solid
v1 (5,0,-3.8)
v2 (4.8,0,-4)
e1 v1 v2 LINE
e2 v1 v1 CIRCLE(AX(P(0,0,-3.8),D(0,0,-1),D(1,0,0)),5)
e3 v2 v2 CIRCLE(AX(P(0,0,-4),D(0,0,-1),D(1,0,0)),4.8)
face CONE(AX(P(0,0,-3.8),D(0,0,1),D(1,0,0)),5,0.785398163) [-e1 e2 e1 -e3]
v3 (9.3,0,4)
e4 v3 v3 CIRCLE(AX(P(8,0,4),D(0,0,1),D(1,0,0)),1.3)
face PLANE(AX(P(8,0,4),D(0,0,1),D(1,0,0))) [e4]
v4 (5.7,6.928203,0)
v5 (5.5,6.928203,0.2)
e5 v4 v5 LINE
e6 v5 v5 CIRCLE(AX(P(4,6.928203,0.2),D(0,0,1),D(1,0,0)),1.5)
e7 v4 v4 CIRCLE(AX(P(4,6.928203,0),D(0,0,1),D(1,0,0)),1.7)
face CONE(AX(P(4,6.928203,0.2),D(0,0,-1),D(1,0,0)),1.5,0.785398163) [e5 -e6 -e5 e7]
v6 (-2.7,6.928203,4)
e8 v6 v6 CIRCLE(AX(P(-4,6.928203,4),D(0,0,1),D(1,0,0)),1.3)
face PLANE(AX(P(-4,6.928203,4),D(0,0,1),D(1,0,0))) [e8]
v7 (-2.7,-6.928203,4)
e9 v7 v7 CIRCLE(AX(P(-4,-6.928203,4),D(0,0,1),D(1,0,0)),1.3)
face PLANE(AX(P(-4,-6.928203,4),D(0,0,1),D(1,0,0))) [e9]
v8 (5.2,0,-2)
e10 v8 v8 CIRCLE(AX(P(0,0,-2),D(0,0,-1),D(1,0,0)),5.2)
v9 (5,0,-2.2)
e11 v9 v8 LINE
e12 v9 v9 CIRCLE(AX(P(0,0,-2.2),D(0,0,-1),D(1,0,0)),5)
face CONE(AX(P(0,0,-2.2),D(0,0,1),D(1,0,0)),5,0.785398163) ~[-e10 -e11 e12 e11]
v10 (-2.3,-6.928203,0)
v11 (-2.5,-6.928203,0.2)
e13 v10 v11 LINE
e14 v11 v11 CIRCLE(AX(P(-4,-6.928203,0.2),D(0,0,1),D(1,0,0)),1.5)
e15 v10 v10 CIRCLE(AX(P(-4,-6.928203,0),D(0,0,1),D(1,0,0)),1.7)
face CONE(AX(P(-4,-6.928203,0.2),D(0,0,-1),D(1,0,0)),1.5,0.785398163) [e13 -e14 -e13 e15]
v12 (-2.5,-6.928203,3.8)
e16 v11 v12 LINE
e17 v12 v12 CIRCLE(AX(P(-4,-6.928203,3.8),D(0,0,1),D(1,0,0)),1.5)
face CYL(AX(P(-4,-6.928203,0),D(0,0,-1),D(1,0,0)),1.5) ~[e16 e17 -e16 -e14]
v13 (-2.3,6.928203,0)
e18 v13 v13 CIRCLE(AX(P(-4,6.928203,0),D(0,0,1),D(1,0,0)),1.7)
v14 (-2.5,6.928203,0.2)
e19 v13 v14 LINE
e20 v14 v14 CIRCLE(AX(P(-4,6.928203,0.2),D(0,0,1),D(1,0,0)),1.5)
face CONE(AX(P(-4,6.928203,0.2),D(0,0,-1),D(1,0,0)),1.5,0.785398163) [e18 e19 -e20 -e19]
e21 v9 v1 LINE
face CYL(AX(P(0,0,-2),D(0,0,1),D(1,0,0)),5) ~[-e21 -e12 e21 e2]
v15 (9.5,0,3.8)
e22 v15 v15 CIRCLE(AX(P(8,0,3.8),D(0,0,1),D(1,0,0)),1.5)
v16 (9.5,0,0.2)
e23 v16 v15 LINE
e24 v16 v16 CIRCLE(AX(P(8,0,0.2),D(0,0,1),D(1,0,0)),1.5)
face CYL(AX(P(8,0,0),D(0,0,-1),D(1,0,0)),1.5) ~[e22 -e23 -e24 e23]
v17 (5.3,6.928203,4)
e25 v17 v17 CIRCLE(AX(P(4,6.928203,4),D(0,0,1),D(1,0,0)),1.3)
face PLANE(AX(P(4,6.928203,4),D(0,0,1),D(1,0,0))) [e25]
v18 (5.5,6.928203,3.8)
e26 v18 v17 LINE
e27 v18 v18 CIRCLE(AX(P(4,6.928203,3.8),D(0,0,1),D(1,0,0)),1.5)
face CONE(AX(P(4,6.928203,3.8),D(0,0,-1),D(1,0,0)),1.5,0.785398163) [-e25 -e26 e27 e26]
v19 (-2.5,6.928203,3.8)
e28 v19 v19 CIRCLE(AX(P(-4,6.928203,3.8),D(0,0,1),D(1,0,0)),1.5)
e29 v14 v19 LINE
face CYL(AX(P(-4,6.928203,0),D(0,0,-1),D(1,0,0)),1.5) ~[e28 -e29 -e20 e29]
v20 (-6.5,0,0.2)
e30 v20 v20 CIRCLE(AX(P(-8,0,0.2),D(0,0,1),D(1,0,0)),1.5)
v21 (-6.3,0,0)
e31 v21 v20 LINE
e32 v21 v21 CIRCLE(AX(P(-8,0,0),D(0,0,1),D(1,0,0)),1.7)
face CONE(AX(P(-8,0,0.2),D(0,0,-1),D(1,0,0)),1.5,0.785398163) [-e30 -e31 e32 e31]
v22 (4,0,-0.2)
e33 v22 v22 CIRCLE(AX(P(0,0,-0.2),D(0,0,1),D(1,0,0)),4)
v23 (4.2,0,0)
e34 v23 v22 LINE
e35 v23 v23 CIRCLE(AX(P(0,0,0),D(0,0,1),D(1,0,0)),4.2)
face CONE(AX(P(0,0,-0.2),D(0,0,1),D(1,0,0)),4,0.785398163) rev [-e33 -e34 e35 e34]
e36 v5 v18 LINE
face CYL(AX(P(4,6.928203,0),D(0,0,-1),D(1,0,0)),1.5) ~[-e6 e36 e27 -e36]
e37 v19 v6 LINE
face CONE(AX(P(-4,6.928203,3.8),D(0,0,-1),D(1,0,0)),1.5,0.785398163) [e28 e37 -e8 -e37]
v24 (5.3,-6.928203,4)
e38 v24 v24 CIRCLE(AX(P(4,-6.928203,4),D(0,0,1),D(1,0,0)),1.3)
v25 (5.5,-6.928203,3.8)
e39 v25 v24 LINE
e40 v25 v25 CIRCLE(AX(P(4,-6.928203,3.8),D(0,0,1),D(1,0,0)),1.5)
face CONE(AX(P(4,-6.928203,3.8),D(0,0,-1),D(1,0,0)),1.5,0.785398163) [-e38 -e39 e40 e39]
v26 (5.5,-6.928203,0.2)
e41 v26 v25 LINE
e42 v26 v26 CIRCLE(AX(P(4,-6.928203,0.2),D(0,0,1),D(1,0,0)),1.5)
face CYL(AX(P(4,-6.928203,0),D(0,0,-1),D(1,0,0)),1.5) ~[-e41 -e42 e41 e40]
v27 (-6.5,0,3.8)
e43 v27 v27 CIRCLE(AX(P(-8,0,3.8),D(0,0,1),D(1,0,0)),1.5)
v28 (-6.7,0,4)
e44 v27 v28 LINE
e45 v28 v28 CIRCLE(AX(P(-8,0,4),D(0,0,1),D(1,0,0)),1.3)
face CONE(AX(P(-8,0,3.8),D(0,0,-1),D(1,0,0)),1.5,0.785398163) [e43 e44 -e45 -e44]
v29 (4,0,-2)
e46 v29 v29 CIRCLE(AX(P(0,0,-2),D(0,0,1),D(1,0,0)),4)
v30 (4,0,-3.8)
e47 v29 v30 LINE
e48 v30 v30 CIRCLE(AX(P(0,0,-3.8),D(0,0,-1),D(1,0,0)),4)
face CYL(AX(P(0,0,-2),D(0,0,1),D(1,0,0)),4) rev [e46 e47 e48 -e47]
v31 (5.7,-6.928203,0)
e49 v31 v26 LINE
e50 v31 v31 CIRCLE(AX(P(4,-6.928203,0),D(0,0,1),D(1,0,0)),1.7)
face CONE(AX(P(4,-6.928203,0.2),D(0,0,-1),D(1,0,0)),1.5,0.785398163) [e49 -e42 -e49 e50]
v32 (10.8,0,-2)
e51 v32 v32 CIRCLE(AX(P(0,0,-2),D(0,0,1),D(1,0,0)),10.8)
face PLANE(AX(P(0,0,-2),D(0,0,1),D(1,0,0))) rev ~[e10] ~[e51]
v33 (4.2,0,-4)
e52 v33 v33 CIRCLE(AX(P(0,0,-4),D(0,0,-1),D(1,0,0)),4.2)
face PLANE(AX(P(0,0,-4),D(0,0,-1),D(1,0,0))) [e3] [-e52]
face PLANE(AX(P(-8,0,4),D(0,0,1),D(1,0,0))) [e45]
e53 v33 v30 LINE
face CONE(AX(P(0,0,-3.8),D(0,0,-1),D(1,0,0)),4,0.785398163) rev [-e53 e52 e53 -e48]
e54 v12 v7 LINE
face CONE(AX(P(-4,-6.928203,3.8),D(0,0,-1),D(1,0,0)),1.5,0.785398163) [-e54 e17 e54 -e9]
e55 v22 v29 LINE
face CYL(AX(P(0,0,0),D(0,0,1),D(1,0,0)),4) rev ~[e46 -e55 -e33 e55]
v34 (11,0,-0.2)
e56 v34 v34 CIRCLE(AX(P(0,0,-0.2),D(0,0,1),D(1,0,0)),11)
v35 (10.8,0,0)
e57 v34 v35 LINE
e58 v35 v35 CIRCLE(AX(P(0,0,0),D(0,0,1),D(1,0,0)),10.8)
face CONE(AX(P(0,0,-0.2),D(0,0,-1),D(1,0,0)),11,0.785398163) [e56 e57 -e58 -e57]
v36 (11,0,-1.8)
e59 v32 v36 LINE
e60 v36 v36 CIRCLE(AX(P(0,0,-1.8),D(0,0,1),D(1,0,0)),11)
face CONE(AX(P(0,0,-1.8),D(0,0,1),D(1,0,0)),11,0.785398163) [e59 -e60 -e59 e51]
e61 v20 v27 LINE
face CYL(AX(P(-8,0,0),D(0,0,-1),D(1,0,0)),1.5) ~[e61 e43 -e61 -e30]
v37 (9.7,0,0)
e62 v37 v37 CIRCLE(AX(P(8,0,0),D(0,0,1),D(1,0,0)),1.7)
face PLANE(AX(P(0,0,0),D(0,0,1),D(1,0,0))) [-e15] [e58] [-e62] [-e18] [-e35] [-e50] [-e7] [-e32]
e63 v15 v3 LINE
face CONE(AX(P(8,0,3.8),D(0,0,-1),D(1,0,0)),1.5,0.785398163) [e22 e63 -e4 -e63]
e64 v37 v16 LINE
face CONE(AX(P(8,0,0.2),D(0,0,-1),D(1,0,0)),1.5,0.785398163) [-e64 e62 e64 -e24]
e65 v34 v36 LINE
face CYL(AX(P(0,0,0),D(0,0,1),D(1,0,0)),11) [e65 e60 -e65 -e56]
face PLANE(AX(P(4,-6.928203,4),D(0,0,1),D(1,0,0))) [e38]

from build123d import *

# Parameters (mm, degrees)
F0_R     = 1.5
F1_DEPTH = 4
F0_R_2   = 11
F0_R_3   = 4
F2_DEPTH = 2
F3_R     = 5
F3_R_2   = 4
F4_DEPTH = 2
F5_SIZE  = 0.2


with BuildPart() as f1:
    # F0 (on Top) → F1 (new body)
    with BuildSketch(Plane.XY):
        with Locations((-8, 0)):
            Circle(F0_R)
    extrude(amount=F1_DEPTH)



with BuildPart() as f1b:
    # F0 (on Top) → F1, piece 2 (new body)
    with BuildSketch(Plane.XY):
        with Locations((-4, 6.9282032303)):
            Circle(F0_R)
    extrude(amount=F1_DEPTH)


with BuildPart() as f1c:
    # F0 (on Top) → F1, piece 3 (new body)
    with BuildSketch(Plane.XY):
        with Locations((4, 6.9282032303)):
            Circle(F0_R)
    extrude(amount=F1_DEPTH)


with BuildPart() as f1d:
    # F0 (on Top) → F1, piece 4 (new body)
    with BuildSketch(Plane.XY):
        with Locations((8, 0)):
            Circle(F0_R)
    extrude(amount=F1_DEPTH)


with BuildPart() as f1e:
    # F0 (on Top) → F1, piece 5 (new body)
    with BuildSketch(Plane.XY):
        with Locations((4, -6.9282032303)):
            Circle(F0_R)
    extrude(amount=F1_DEPTH)


with BuildPart() as f1f:
    # F0 (on Top) → F1, piece 6 (new body)
    with BuildSketch(Plane.XY):
        with Locations((-4, -6.9282032303)):
            Circle(F0_R)
    extrude(amount=F1_DEPTH)


with BuildPart() as f1_1:
    add(f1.part)

    add(f1b.part)  # F2 merges F1b

    add(f1c.part)  # F2 merges F1c

    add(f1d.part)  # F2 merges F1d

    add(f1e.part)  # F2 merges F1e

    add(f1f.part)  # F2 merges F1f
    # F0 (on Top) → F2 (join)
    with BuildSketch(Plane.XY):
        Circle(F0_R_2)
        with Locations((-4, -6.9282032303)):
            Circle(F0_R, mode=Mode.SUBTRACT)
        with Locations((4, -6.9282032303)):
            Circle(F0_R, mode=Mode.SUBTRACT)
        with Locations((-8, 0)):
            Circle(F0_R, mode=Mode.SUBTRACT)
        with Locations((-4, 6.9282032303)):
            Circle(F0_R, mode=Mode.SUBTRACT)
        Circle(F0_R_3, mode=Mode.SUBTRACT)
        with Locations((8, 0)):
            Circle(F0_R, mode=Mode.SUBTRACT)
        with Locations((4, 6.9282032303)):
            Circle(F0_R, mode=Mode.SUBTRACT)
        with Locations((4, -6.9282032303)):
            Circle(F0_R)
        with Locations((8, 0)):
            Circle(F0_R)
        with Locations((4, 6.9282032303)):
            Circle(F0_R)
        with Locations((-4, 6.9282032303)):
            Circle(F0_R)
        with Locations((-8, 0)):
            Circle(F0_R)
        with Locations((-4, -6.9282032303)):
            Circle(F0_R)
    extrude(amount=-F2_DEPTH)

    # F3 (on face) → F4 (join)
    with BuildSketch(Plane(origin=(0, 0, -2), x_dir=(1, 0, 0), z_dir=(0, 0, -1))):
        Circle(F3_R)
        Circle(F3_R_2, mode=Mode.SUBTRACT)
    extrude(amount=F4_DEPTH)

    # F5
    f5_edges = [f1_1.edges().sort_by_distance(p)[0] for p in [
        (-11, 0, 0),
        (-5.5, -6.928203, 0),
        (-9.5, 0, 0),
        (2.5, -6.928203, 0),
        (-4, 0, 0),
        (6.5, 0, 0),
        (-5.5, 6.928203, 0),
        (2.5, 6.928203, 0),
        (6.5, 0, 4),
        (2.5, -6.928203, 4),
        (-5.5, -6.928203, 4),
        (-9.5, 0, 4),
        (-5.5, 6.928203, 4),
        (2.5, 6.928203, 4),
        (-4, 0, -4),
        (-5, 0, -4),
        (-5, 0, -2),
        (-11, 0, -2),
    ]]
    chamfer(f5_edges, length=F5_SIZE)


solid = f1_1.part
